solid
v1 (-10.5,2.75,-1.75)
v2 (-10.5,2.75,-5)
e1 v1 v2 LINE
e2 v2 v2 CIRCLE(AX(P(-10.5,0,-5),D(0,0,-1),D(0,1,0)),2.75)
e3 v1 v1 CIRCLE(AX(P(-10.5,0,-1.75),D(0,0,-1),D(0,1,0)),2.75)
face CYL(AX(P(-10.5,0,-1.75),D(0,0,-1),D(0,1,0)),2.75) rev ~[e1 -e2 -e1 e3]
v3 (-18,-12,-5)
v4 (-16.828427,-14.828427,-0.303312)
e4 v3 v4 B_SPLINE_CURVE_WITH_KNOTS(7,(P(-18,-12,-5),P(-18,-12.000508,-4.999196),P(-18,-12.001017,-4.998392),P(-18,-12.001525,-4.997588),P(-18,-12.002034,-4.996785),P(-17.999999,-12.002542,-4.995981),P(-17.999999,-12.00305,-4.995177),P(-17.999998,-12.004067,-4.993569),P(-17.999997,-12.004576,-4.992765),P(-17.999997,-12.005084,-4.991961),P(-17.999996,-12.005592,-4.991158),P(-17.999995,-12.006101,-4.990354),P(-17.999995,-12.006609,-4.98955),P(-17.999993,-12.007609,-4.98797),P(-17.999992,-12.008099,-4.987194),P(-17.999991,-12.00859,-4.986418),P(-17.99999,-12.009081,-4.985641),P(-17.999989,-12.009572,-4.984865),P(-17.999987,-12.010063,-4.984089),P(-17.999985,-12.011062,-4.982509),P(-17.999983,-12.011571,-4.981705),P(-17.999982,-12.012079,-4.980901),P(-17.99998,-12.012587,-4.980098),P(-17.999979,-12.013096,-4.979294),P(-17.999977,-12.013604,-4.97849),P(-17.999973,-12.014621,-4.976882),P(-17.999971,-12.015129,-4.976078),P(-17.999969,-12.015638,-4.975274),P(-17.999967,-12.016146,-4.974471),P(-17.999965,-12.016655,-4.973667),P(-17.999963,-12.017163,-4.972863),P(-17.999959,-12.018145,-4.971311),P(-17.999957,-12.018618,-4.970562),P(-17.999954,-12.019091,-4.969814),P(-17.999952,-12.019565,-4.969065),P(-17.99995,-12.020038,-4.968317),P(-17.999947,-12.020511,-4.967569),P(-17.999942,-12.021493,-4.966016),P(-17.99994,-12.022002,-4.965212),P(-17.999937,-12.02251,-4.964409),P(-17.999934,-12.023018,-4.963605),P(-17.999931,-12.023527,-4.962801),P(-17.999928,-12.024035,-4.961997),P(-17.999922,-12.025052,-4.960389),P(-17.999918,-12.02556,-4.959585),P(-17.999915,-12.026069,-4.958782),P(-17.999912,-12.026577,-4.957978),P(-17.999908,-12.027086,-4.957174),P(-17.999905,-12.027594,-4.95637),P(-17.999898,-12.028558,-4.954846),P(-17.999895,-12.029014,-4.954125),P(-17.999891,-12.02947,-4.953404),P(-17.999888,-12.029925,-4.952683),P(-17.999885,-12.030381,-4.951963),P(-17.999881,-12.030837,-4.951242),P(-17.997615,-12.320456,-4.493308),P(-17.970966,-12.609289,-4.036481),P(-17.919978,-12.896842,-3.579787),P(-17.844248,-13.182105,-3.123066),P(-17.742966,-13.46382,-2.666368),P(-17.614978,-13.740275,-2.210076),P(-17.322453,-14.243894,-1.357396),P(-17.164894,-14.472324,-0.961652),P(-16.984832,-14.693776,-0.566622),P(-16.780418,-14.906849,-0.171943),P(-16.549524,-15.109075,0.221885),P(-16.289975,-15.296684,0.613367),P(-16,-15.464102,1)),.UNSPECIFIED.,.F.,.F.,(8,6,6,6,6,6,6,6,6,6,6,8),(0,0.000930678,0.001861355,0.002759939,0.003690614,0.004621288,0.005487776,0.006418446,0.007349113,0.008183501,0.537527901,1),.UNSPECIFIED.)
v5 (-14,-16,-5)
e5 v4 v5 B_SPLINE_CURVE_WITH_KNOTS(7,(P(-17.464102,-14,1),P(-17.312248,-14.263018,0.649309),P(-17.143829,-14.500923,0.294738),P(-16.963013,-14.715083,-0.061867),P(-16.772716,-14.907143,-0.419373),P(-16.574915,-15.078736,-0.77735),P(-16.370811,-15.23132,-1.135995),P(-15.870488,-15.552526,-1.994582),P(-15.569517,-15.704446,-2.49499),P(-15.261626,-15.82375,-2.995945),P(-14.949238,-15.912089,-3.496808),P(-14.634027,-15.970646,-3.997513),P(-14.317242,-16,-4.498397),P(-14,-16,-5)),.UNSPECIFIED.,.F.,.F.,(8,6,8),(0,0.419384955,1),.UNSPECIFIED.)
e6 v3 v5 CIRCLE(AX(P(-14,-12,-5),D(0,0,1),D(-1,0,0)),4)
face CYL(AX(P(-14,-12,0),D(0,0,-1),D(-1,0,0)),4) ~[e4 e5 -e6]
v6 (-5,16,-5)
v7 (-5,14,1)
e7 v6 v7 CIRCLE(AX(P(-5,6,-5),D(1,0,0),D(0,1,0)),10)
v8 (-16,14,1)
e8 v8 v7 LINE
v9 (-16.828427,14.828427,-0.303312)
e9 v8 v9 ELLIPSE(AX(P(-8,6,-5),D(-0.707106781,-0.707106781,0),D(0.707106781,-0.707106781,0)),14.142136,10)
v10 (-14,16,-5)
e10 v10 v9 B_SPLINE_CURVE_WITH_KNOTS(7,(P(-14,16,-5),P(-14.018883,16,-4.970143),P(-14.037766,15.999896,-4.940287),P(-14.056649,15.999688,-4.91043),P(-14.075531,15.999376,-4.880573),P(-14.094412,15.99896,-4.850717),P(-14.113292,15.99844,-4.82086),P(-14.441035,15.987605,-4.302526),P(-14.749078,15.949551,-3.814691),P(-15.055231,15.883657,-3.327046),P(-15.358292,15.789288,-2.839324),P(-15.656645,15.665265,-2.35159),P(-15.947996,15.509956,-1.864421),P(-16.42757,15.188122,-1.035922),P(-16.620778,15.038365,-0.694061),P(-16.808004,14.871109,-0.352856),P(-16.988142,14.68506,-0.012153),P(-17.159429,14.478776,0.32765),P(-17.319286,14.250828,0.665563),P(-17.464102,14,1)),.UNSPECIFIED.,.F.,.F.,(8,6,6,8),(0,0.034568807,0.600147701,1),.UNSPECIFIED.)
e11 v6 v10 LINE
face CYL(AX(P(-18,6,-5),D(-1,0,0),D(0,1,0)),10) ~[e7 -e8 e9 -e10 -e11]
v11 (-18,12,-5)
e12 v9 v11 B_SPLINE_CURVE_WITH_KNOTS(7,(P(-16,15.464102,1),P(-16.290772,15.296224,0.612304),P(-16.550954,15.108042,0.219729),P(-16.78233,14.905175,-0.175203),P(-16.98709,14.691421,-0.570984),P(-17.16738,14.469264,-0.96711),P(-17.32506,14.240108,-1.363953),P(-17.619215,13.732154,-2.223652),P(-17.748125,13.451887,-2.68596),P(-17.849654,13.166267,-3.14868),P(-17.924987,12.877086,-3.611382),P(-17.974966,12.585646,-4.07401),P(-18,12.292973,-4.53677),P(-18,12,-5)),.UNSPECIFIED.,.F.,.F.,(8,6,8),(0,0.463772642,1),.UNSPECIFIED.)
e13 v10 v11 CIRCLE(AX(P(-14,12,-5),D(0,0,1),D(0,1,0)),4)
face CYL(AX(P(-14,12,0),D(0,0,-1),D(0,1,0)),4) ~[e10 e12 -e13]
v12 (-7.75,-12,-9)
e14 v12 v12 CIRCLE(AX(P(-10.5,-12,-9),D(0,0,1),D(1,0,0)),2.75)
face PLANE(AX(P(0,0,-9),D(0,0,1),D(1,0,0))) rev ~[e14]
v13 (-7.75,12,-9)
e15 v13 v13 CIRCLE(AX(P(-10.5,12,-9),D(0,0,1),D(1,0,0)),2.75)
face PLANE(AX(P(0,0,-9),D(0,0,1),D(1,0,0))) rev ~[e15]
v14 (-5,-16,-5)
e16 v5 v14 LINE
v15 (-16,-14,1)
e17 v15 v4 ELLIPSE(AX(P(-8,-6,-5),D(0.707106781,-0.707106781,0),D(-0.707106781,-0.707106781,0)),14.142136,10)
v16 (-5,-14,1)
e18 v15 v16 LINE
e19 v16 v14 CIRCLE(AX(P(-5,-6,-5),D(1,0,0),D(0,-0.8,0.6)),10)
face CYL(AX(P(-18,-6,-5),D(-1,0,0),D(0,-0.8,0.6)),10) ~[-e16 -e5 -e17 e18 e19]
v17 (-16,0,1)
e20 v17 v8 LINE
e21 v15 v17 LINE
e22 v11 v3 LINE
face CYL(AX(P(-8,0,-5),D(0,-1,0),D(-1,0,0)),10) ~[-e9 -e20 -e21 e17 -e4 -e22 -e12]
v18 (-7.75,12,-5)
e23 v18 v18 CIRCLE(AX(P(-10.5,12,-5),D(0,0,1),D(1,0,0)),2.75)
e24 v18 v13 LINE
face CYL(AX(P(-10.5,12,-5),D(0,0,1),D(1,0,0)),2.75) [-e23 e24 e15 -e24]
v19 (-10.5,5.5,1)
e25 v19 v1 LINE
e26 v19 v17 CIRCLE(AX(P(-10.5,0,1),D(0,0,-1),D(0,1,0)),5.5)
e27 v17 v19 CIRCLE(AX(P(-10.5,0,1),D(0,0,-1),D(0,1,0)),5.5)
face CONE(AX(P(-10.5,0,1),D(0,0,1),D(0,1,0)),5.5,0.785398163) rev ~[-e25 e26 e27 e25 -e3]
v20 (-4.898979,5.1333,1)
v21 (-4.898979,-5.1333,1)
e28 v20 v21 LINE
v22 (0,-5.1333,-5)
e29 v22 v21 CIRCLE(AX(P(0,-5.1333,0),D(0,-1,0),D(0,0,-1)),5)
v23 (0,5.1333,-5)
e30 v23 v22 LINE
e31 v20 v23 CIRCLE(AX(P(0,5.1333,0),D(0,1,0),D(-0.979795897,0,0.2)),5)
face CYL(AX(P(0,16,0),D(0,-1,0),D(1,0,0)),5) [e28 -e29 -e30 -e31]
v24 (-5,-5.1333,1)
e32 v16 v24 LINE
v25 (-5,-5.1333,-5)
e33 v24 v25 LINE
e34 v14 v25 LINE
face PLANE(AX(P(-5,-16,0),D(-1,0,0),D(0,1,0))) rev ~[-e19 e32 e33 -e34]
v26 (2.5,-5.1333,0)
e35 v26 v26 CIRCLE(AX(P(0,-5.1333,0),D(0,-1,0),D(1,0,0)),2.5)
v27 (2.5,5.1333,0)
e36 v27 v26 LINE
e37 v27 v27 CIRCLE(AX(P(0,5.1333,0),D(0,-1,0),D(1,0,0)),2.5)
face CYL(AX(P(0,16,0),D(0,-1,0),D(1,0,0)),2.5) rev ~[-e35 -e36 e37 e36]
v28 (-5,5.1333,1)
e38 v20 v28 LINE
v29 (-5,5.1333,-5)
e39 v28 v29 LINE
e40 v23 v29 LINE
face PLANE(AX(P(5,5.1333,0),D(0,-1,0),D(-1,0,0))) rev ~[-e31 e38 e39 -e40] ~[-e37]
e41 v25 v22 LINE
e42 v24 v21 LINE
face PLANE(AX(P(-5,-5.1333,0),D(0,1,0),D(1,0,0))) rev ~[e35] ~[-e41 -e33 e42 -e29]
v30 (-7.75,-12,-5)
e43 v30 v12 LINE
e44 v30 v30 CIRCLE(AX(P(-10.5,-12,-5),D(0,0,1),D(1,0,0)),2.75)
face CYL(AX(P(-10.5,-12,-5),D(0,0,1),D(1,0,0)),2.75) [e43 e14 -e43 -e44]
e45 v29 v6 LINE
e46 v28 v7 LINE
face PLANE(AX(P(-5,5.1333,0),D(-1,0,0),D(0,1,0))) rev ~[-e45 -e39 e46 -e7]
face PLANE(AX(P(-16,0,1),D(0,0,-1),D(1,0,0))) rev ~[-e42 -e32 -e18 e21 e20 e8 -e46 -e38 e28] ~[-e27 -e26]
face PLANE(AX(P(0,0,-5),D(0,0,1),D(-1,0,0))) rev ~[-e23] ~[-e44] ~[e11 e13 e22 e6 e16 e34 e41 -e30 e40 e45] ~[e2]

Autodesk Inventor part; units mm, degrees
sketch "Sketch_1" plane through (0, 0, 0) normal (0, 0, 1) x (1, 0, 0)
  line L0 (0, -16) -> (0, 16)
  line L1 (0, 16) -> (5, 16)
  line L2 (5, 16) -> (5, -16)
  line L3 (5, -16) -> (0, -16)
  line L4 (0, -16) -> (0, 16)
revolve "Revolution1" add sketch "Sketch_1" angle 360 about axis through (0, -16, 0) along (0, -1, 0)
sketch "Sketch_2" plane through (0, 0, 0) normal (0, 1, 0) x (-1, 0, 0)
  arc A0 (18, -5) -> (16, 1) centre (8, -5) ccw
  line L0 (16, 1) -> (0, 1)
  line L1 (0, 1) -> (0, -5)
  line L2 (0, -5) -> (18, -5)
extrude "Extrusion1" add sketch "Sketch_2" along normal mid plane 32
sketch "Sketch_3" plane through (0, 0, 0) normal (0, 0, 1) x (1, 0, 0)
  line L0 (-36, -36) -> (36, -36)
  line L1 (36, -36) -> (36, 36)
  line L2 (36, 36) -> (-36, 36)
  line L3 (-36, 36) -> (-36, -36)
  line L4 (-18, 12) -> (-18, -12)
  arc A0 (-18, -12) -> (-14, -16) centre (-14, -12) ccw
  line L5 (-14, -16) -> (-5, -16)
  line L6 (-5, -16) -> (-5, -5.1333)
  line L7 (-5, -5.1333) -> (5, -5.1333)
  line L8 (5, -5.1333) -> (5, 5.1333)
  line L9 (5, 5.1333) -> (-5, 5.1333)
  line L10 (-5, 5.1333) -> (-5, 16)
  line L11 (-5, 16) -> (-14, 16)
  arc A1 (-14, 16) -> (-18, 12) centre (-14, 12) ccw
extrude "Extrusion2" cut sketch "Sketch_3" along normal mid plane 10
sketch "Sketch_4" plane through (-18, 0, 0) normal (1, 0, 0) x (0, 0, -1)
  line L0 (-5, -32) -> (10, -32)
  line L1 (10, -32) -> (10, 32)
  line L2 (10, 32) -> (-5, 32)
  line L3 (-5, 32) -> (-5, -32)
  line L4 (-1, 14) -> (-1, -14)
  arc A0 (-1, -14) -> (5, -16) centre (5, -6) ccw
  line L5 (5, -16) -> (5, 16)
  arc A1 (5, 16) -> (-1, 14) centre (5, 6) ccw
extrude "Extrusion3" cut sketch "Sketch_4" along normal blind 13
sketch "Sketch_6" plane through (0, 0, -5) normal (0, 0, 1) x (1, 0, 0)
  circle A0 centre (-10.5, 12) radius 2.75
extrude "Extrusion4" add sketch "Sketch_6" against normal blind 4
sketch "Sketch_5" plane through (0, 0, -5) normal (0, 0, 1) x (1, 0, 0)
  circle A0 centre (-10.5, -12) radius 2.75
extrude "Extrusion5" add sketch "Sketch_5" against normal blind 4
sketch "Sketch_7" plane through (-10.5, 0, 0) normal (1, 0, 0) x (0, 0, -1)
  line L0 (5, 0) -> (-1, 0)
  line L1 (-1, 0) -> (-1, 5.5)
  line L2 (-1, 5.5) -> (1.75, 2.75)
  line L3 (1.75, 2.75) -> (5, 2.75)
  line L4 (5, 2.75) -> (5, 0)
  line L5 (5, 0) -> (-1, 0)
revolve "Revolution2" cut sketch "Sketch_7" angle 360 about axis through (-10.5, 0, -5) along (0, 0, -1)
sketch "Sketch_8" plane through (0, 0, 0) normal (0, 0, 1) x (1, 0, 0)
  line L0 (0, -16) -> (0, 16)
  line L1 (0, 16) -> (2.5, 16)
  line L2 (2.5, 16) -> (2.5, -16)
  line L3 (2.5, -16) -> (0, -16)
  line L4 (0, -16) -> (0, 16)
revolve "Revolution3" cut sketch "Sketch_8" angle 360 about axis through (0, -16, 0) along (0, -1, 0)
ref_plane "hhpsjc_l_XY" through (0, 0, 0) normal (0, 1, 0) x (1, 0, 0)
ref_plane "hhpsjc_l_YZ" through (0, 0, 0) normal (1, 0, 0) x (0, 0, -1)
ref_plane "hhpsjc_l_ZX" through (0, 0, 0) normal (0, 0, -1) x (0, 1, 0)
ref_plane "hole1_to_bolt_XY" through (-10.5, 0, 1) normal (0, 0, 1) x (1, 0, 0)
ref_plane "hole1_to_bolt_YZ" through (-10.5, 0, 1) normal (1, 0, 0) x (0, 1, 0)
ref_plane "hole1_to_bolt_ZX" through (-10.5, 0, 1) normal (0, 1, 0) x (0, 0, 1)
ref_plane "nut1_to_bolt_XY" through (-10.5, 0, -7) normal (0, 0, 1) x (1, 0, 0)
ref_plane "nut1_to_bolt_YZ" through (-10.5, 0, -7) normal (1, 0, 0) x (0, 1, 0)
ref_plane "nut1_to_bolt_ZX" through (-10.5, 0, -7) normal (0, 1, 0) x (0, 0, 1)
properties part number "HHPSJC5-125_l"
